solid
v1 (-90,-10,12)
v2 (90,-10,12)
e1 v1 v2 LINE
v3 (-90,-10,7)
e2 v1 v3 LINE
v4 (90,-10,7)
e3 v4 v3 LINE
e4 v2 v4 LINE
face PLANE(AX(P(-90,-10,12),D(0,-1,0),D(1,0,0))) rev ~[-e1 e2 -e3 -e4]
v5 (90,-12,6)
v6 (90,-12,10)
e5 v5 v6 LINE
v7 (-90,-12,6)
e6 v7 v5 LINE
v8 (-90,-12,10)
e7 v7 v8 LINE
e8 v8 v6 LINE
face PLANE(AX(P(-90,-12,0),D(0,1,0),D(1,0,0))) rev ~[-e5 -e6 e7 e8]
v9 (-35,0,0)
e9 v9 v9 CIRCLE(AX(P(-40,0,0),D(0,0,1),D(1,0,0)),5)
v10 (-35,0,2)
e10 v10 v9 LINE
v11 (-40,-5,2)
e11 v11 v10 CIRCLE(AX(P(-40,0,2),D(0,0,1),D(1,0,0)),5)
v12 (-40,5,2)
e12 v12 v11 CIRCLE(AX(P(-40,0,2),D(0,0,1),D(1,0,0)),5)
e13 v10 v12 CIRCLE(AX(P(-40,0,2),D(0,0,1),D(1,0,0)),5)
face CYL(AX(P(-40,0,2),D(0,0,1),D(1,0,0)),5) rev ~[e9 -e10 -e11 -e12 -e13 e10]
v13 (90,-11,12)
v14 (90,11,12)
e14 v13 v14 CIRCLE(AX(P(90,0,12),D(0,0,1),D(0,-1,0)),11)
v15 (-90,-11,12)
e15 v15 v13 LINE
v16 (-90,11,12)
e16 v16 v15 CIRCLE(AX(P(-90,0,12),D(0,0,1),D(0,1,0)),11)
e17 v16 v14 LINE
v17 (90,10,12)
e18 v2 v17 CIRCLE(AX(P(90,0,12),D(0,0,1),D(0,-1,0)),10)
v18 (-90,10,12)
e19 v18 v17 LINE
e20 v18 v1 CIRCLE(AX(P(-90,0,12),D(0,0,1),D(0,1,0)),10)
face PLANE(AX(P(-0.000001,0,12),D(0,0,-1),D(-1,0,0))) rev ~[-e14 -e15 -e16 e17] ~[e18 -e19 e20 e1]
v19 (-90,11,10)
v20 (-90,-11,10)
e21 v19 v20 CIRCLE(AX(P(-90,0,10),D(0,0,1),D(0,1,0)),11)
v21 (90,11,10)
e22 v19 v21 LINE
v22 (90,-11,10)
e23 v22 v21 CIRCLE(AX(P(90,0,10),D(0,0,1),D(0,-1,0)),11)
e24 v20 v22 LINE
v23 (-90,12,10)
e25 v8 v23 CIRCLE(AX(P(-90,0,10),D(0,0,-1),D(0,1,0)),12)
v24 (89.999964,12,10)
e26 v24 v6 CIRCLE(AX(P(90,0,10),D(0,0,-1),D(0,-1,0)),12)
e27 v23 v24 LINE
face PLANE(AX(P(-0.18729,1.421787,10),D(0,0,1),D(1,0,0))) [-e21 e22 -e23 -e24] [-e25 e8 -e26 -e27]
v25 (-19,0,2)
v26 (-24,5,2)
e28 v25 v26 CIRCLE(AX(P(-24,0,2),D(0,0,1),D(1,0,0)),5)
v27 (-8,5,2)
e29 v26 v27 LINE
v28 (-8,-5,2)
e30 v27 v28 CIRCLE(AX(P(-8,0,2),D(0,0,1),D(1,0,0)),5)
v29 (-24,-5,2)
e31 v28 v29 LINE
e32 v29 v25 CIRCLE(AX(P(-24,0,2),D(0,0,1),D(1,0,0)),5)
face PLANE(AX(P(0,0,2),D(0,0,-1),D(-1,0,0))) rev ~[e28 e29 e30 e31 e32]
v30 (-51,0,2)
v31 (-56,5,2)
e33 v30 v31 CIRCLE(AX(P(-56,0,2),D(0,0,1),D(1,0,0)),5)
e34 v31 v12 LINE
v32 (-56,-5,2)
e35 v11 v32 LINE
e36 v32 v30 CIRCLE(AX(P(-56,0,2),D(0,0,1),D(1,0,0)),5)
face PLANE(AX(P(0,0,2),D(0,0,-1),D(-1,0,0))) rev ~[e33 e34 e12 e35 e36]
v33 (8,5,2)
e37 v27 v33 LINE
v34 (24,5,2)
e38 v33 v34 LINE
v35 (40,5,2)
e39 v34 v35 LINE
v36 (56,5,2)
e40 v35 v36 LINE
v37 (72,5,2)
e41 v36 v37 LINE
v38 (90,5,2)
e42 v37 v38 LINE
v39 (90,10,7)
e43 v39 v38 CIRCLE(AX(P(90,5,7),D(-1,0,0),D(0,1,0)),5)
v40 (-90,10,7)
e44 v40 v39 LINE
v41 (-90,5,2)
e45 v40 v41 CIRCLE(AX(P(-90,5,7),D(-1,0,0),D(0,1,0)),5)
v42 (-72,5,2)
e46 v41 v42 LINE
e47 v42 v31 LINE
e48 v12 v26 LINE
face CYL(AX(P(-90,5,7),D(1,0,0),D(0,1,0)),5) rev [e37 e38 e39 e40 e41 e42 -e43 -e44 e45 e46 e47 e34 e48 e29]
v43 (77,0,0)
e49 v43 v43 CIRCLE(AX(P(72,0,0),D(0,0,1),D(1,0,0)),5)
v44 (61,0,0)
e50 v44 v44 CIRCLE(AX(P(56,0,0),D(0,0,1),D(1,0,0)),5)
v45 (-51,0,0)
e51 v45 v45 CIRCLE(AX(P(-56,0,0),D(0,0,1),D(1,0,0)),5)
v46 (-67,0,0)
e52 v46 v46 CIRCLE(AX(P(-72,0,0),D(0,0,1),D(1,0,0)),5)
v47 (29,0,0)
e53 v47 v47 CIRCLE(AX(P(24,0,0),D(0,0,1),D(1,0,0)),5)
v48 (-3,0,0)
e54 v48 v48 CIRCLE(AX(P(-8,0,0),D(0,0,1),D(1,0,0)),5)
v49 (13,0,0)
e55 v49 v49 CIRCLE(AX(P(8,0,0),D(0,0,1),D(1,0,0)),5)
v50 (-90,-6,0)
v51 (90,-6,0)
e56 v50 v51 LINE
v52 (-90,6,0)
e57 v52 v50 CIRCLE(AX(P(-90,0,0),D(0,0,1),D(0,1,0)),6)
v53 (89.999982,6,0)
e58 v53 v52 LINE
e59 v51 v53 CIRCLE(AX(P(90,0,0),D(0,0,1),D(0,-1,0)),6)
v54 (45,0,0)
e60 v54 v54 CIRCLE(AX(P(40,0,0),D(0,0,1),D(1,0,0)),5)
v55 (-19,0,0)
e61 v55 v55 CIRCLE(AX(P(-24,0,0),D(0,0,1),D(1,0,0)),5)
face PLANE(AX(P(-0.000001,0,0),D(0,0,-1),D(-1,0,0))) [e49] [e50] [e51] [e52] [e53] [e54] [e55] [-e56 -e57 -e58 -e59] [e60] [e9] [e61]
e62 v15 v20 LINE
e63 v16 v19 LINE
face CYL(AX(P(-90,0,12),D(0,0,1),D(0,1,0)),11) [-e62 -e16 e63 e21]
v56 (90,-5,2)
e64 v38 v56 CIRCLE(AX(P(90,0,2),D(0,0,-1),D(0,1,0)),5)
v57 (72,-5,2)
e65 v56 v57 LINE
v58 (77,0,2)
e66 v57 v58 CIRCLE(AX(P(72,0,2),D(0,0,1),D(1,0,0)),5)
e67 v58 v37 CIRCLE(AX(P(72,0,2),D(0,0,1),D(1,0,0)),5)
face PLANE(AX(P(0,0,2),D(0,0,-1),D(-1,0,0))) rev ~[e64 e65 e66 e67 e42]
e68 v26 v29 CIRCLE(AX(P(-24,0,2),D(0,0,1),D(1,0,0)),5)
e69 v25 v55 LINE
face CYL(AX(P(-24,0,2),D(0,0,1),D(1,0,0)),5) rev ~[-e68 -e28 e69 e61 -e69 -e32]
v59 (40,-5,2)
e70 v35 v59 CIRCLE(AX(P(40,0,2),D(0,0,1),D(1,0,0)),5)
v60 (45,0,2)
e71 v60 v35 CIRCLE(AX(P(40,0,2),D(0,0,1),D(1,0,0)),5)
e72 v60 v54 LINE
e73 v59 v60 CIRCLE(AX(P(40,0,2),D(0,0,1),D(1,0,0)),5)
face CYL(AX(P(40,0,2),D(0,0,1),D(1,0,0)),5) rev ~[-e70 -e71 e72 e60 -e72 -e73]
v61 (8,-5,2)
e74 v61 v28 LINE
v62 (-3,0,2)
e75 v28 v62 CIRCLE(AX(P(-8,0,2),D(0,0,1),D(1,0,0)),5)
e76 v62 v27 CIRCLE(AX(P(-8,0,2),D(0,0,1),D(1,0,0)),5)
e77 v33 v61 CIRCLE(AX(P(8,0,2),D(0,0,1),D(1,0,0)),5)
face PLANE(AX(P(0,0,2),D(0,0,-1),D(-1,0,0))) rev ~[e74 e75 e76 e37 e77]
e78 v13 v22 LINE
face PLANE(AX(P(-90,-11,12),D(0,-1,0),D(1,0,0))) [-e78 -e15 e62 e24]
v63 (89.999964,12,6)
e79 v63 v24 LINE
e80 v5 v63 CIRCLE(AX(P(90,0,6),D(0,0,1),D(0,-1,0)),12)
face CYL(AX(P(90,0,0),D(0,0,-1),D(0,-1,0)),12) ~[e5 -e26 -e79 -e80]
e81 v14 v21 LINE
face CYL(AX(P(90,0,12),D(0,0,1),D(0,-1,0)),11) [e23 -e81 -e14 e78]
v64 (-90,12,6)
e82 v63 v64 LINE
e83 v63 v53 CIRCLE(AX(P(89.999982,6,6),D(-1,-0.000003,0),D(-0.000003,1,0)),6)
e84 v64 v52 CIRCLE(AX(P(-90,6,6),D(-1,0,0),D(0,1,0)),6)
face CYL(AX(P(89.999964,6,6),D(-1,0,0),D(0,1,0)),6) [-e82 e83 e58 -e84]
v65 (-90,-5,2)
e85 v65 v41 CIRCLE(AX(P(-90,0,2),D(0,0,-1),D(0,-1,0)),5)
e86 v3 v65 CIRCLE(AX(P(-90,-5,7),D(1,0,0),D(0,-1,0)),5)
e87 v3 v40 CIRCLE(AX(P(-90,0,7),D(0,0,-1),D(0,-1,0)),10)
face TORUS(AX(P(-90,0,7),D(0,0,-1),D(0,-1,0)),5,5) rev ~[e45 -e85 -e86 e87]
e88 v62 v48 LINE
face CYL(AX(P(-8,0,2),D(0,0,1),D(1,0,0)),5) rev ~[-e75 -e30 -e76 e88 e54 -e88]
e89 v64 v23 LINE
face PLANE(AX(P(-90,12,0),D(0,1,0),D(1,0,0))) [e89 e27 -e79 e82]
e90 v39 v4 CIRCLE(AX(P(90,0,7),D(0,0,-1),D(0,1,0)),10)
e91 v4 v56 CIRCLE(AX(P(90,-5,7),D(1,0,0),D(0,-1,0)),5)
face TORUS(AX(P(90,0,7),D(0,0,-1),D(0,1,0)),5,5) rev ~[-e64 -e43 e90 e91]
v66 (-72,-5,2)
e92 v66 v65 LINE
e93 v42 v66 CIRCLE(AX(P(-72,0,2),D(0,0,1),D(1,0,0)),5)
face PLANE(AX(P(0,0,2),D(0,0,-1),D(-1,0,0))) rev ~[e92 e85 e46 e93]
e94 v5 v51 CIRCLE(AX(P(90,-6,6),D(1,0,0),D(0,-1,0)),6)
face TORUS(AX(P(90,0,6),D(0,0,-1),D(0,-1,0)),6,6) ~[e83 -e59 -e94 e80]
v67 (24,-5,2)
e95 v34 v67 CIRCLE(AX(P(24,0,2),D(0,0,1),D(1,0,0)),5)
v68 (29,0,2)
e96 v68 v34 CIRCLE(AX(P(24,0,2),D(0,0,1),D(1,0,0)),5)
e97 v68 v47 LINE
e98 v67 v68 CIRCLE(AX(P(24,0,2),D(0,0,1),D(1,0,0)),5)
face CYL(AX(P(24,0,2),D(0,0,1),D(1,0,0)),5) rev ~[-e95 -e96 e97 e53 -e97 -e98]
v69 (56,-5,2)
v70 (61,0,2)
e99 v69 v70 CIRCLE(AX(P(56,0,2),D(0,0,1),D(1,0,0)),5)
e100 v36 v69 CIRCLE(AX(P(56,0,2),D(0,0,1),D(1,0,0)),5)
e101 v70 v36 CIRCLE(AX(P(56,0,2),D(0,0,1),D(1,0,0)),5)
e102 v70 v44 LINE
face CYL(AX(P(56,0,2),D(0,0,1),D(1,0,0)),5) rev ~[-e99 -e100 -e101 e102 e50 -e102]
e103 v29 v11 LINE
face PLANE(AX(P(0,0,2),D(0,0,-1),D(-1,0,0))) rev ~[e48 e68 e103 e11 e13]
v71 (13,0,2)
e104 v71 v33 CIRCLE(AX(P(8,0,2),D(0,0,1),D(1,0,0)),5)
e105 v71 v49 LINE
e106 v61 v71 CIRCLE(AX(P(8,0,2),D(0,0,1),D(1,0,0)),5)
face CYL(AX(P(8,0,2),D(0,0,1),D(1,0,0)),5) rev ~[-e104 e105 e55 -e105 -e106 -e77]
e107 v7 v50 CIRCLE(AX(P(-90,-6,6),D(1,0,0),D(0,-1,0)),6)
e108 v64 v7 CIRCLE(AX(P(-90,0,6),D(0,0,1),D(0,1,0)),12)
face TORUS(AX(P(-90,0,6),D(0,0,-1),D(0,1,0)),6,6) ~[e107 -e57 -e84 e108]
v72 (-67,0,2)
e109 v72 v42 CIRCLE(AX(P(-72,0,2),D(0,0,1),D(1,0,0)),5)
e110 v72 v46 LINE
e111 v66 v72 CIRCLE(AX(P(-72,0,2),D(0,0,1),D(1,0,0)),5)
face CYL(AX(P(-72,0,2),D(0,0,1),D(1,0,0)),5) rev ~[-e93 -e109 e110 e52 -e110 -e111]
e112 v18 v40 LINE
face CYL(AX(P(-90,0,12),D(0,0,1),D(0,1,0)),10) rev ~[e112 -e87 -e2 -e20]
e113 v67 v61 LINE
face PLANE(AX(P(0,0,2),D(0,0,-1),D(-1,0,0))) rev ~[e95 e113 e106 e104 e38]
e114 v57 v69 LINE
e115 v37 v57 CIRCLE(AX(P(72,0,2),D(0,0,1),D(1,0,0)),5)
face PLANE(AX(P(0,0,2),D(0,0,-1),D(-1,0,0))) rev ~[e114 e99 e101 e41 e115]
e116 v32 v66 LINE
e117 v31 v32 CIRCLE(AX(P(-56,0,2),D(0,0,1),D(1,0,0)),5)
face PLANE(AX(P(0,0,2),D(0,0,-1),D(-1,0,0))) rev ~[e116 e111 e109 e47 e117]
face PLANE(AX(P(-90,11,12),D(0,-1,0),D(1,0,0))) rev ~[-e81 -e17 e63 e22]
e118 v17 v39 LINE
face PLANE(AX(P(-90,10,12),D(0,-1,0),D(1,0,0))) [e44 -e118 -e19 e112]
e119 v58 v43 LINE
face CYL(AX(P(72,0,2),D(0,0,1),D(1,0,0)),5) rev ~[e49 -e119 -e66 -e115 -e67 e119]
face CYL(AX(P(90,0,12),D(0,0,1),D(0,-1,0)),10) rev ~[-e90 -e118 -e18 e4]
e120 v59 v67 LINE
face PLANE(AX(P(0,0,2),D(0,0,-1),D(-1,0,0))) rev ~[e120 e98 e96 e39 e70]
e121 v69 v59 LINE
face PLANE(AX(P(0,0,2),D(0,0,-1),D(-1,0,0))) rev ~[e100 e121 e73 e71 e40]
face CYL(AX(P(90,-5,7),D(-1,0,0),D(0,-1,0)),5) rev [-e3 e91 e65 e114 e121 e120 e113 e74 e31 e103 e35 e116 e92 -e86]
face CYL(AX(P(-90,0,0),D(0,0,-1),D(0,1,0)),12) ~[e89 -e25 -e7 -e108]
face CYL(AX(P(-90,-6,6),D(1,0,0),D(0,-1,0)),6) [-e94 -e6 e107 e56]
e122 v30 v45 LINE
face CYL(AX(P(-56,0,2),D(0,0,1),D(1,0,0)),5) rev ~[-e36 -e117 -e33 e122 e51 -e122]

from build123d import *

# Parameters (mm, degrees)
PAD_DEPTH       = 12
POCKET_DEPTH    = 10
FILLET_R        = 5
FILLET001_R     = 6
SKETCH002_W     = 211.472893
SKETCH002_H     = 45.806395
POCKET001_DEPTH = 2
SKETCH003_R     = 5
POCKET002_DEPTH = 2.001


with BuildPart() as part:
    # Sketch → Pad (new body)
    with BuildSketch(Plane.XY):
        with BuildLine():
            Line((-90, 12), (89.999964, 12))
            ThreePointArc((90, -12), (102, 1.8e-05), (89.999964, 12))
            Line((-90, -12), (90, -12))
            ThreePointArc((-90, 12), (-102, 0), (-90, -12))
        make_face()
    extrude(amount=PAD_DEPTH)

    # Sketch001 (on Face6 of Pad) → Pocket (cut)
    with BuildSketch(Plane.XY.offset(12)):
        with BuildLine():
            Line((-90, 10), (90, 10))
            ThreePointArc((90, -10), (100, 0), (90, 10))
            Line((-90, -10), (90, -10))
            ThreePointArc((-90, 10), (-100, 0), (-90, -10))
        make_face()
    extrude(amount=-POCKET_DEPTH, mode=Mode.SUBTRACT)

    # Fillet
    fillet_edges = [part.edges().sort_by_distance(p)[0] for p in [
        (0, 10, 2),
    ]]
    fillet(fillet_edges, radius=FILLET_R)

    # Fillet001
    fillet001_edges = [part.edges().sort_by_distance(p)[0] for p in [
        (0, -12, 0),
    ]]
    fillet(fillet001_edges, radius=FILLET001_R)

    # Sketch002 (on Face4 of Fillet001) → Pocket001 (cut)
    with BuildSketch(Plane.XY.offset(12)):
        with Locations((-0.18729, 1.421787)):
            Rectangle(SKETCH002_W, SKETCH002_H)
        with BuildLine():
            Line((-90, 11), (90, 11))
            ThreePointArc((90, -11), (101, 0), (90, 11))
            Line((-90, -11), (90, -11))
            ThreePointArc((-90, 11), (-101, 0), (-90, -11))
        make_face(mode=Mode.SUBTRACT)
    extrude(amount=-POCKET001_DEPTH, mode=Mode.SUBTRACT)

    # Sketch003 (on Face24 of Pocket001) → Pocket002 (cut, through all)
    with BuildSketch(Plane.XY.offset(2)):
        with Locations((-8, 0)):
            Circle(SKETCH003_R)
        with Locations((-24, 0)):
            Circle(SKETCH003_R)
        with Locations((-40, 0)):
            Circle(SKETCH003_R)
        with Locations((-56, 0)):
            Circle(SKETCH003_R)
        with Locations((-72, 0)):
            Circle(SKETCH003_R)
        with Locations((8, 0)):
            Circle(SKETCH003_R)
        with Locations((24, 0)):
            Circle(SKETCH003_R)
        with Locations((40, 0)):
            Circle(SKETCH003_R)
        with Locations((56, 0)):
            Circle(SKETCH003_R)
        with Locations((72, 0)):
            Circle(SKETCH003_R)
    extrude(amount=-POCKET002_DEPTH, mode=Mode.SUBTRACT)


solid = part.part
